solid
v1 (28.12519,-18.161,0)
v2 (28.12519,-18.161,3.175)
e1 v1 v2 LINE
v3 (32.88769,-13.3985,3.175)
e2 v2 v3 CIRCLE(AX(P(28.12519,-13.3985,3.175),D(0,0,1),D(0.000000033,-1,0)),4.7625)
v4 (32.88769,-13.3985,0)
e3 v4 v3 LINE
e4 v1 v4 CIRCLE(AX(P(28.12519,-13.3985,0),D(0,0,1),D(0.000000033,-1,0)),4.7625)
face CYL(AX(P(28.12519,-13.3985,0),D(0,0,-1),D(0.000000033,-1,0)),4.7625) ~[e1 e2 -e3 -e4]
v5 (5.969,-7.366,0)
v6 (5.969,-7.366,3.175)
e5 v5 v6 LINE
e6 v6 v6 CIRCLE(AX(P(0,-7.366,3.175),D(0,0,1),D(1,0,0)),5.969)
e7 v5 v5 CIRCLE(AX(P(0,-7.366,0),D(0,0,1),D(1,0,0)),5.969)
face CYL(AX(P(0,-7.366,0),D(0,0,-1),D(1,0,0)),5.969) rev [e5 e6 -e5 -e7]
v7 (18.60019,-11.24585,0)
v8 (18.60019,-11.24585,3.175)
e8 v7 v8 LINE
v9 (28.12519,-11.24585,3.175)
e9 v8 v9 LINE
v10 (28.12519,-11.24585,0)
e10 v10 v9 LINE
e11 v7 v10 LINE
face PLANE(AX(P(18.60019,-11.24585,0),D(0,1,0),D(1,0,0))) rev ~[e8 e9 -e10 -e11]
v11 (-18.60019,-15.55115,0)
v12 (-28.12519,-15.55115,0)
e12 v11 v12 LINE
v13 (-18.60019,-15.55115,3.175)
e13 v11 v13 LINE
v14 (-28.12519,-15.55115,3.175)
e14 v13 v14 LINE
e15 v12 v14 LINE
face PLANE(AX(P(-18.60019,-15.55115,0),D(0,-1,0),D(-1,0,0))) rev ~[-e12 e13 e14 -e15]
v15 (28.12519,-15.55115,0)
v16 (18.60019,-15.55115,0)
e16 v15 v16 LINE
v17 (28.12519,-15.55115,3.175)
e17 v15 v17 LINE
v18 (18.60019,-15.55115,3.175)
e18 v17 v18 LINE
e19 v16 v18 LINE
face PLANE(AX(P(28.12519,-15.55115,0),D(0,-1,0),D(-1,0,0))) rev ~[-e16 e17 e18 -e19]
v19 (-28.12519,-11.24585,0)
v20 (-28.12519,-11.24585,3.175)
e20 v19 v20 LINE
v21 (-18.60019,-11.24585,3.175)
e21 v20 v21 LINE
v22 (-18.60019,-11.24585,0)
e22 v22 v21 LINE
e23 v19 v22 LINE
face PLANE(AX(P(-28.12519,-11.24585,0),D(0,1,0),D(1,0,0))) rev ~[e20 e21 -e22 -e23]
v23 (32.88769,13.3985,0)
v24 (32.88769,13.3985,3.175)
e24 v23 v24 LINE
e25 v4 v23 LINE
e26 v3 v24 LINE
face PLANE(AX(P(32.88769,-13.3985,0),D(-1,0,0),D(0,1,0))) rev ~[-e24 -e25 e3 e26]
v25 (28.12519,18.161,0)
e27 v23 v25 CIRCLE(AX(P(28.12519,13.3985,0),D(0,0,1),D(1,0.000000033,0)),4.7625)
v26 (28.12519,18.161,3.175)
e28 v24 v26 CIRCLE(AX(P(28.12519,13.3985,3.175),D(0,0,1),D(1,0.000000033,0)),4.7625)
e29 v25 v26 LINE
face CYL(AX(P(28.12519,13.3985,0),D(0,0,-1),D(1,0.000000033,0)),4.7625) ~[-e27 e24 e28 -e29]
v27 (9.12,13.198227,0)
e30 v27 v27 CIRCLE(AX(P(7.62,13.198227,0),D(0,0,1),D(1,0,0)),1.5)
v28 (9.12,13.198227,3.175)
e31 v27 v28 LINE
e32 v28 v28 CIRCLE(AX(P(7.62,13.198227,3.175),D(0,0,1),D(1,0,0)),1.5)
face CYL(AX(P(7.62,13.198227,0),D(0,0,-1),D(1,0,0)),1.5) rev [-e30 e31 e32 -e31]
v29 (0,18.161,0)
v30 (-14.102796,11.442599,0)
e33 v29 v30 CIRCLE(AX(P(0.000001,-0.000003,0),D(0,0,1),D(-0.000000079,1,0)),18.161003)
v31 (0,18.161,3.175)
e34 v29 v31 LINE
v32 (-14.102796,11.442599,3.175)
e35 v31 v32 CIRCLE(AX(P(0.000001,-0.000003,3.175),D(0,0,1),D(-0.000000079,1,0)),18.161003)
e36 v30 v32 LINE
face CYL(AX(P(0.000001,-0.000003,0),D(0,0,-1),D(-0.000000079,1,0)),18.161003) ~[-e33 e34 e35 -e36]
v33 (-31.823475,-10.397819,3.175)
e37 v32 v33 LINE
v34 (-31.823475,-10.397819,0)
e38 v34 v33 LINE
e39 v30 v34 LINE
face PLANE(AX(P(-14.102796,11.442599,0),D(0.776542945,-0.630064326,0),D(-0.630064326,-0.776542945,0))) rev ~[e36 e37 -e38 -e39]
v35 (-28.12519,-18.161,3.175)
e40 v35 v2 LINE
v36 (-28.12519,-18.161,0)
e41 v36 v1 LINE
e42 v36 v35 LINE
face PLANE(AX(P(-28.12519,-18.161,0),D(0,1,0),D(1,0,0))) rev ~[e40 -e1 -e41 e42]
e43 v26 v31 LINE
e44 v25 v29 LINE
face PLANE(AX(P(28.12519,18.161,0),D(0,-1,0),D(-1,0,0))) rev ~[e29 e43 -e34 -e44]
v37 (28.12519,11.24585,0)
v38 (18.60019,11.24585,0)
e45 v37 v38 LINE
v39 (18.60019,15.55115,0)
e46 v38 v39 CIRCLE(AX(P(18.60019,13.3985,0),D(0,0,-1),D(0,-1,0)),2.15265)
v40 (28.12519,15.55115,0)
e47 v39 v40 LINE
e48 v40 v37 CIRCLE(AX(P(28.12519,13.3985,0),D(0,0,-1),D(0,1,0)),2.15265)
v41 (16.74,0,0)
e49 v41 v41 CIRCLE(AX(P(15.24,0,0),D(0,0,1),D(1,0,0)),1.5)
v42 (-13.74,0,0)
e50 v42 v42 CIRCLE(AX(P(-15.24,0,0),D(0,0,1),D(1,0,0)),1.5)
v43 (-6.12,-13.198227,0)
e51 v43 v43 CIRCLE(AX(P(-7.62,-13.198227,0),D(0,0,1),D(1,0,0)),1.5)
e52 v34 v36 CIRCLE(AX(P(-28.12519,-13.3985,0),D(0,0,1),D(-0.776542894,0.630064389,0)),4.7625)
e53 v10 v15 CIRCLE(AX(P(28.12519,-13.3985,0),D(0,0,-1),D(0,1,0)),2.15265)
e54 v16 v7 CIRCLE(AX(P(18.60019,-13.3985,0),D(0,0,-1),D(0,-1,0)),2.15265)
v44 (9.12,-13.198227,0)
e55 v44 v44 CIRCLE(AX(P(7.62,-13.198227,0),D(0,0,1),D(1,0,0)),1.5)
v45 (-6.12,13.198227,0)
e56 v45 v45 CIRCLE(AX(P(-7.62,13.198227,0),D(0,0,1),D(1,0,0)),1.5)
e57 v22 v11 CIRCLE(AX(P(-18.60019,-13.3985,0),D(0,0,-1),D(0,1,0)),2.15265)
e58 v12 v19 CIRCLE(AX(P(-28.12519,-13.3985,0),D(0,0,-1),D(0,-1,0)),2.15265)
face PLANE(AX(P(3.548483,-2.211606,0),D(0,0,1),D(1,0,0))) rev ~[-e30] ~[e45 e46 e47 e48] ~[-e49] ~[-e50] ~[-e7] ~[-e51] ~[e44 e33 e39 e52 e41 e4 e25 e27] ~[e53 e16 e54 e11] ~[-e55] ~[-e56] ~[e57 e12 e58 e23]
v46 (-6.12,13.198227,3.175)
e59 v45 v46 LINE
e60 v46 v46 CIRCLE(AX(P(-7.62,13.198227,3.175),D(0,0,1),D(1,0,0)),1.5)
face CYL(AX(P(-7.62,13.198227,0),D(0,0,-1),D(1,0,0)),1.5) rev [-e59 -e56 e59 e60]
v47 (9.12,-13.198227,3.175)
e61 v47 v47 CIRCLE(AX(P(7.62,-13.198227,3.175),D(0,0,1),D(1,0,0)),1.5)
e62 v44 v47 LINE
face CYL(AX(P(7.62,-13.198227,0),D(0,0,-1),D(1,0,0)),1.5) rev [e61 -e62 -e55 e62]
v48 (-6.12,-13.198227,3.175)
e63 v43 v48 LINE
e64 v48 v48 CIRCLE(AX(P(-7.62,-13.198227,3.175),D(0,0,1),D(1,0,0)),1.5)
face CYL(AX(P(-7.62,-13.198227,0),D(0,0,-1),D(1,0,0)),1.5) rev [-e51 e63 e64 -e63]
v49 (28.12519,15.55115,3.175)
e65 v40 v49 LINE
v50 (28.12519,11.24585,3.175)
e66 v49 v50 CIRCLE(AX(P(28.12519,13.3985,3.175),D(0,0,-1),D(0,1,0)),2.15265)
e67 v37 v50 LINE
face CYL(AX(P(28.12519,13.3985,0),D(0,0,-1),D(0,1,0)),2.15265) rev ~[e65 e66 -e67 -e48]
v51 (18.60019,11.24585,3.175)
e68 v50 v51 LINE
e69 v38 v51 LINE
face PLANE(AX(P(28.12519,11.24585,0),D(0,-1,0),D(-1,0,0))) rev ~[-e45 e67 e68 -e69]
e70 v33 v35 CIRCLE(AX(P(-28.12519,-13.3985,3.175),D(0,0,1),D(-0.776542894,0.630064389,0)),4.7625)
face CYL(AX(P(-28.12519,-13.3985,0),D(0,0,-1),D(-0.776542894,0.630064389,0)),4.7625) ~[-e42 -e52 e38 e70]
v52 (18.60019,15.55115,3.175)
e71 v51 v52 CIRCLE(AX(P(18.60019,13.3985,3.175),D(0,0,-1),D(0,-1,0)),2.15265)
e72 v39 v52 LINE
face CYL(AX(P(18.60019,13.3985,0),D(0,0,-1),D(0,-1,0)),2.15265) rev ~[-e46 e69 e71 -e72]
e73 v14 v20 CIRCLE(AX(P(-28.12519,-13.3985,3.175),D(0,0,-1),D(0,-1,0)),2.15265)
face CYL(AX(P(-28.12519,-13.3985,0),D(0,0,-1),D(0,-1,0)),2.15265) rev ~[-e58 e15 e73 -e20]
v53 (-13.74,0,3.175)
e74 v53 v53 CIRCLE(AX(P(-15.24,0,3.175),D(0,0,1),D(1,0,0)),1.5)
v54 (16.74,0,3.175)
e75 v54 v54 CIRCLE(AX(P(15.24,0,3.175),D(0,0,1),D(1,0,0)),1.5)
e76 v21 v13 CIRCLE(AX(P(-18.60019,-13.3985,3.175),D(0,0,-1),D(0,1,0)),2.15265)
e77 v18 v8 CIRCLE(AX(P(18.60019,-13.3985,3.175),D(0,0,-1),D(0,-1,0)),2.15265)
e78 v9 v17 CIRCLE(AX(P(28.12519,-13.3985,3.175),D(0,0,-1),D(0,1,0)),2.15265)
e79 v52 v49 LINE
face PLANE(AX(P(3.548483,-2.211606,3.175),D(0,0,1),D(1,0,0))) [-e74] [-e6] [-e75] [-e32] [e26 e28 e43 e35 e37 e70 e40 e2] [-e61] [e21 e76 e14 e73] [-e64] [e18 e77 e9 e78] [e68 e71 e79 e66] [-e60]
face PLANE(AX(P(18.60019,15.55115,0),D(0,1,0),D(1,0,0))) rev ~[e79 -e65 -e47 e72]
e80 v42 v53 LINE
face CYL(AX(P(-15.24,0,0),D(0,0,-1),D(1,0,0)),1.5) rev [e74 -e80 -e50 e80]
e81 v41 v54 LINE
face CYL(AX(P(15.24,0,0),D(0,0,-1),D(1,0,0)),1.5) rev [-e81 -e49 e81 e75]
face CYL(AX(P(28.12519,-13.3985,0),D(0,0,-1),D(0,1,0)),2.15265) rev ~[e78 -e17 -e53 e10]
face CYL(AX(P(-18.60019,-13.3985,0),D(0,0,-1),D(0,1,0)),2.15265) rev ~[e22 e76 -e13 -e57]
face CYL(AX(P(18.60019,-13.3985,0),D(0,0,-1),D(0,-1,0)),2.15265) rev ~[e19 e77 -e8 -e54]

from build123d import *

# Parameters (mm, degrees)
F0_R     = 1.5
F0_R_2   = 5.969
F1_DEPTH = 3.175


with BuildPart() as f1:
    # F0 (on Top) → F1 (new body)
    with BuildSketch(Plane.XY):
        with BuildLine():
            Line((28.12519, 18.161), (0, 18.161))
            ThreePointArc((0, 18.161), (-7.810662, 16.395593), (-14.102796, 11.442599))
            Line((-14.102796, 11.442599), (-31.823475, -10.397819))
            ThreePointArc((-31.823475, -10.397819), (-32.424733, -15.446751), (-28.12519, -18.161))
            Line((-28.12519, -18.161), (28.12519, -18.161))
            ThreePointArc((28.12519, -18.161), (31.492786, -16.766096), (32.88769, -13.3985))
            Line((32.88769, -13.3985), (32.88769, 13.3985))
            ThreePointArc((32.88769, 13.3985), (31.492786, 16.766096), (28.12519, 18.161))
        make_face()
        with BuildLine():
            ThreePointArc((-28.12519, -15.55115), (-30.27784, -13.3985), (-28.12519, -11.24585))
            Line((-28.12519, -11.24585), (-18.60019, -11.24585))
            ThreePointArc((-18.60019, -11.24585), (-16.44754, -13.3985), (-18.60019, -15.55115))
            Line((-18.60019, -15.55115), (-28.12519, -15.55115))
        make_face(mode=Mode.SUBTRACT)
        with Locations((-7.62, -13.198227)):
            Circle(F0_R, mode=Mode.SUBTRACT)
        with Locations((0, -7.366)):
            Circle(F0_R_2, mode=Mode.SUBTRACT)
        with Locations((7.62, -13.198227)):
            Circle(F0_R, mode=Mode.SUBTRACT)
        with BuildLine():
            ThreePointArc((28.12519, -11.24585), (30.27784, -13.3985), (28.12519, -15.55115))
            Line((28.12519, -15.55115), (18.60019, -15.55115))
            ThreePointArc((18.60019, -15.55115), (16.44754, -13.3985), (18.60019, -11.24585))
            Line((18.60019, -11.24585), (28.12519, -11.24585))
        make_face(mode=Mode.SUBTRACT)
        with Locations((-15.24, 0)):
            Circle(F0_R, mode=Mode.SUBTRACT)
        with Locations((-7.62, 13.198227)):
            Circle(F0_R, mode=Mode.SUBTRACT)
        with Locations((15.24, 0)):
            Circle(F0_R, mode=Mode.SUBTRACT)
        with Locations((7.62, 13.198227)):
            Circle(F0_R, mode=Mode.SUBTRACT)
        with BuildLine():
            ThreePointArc((28.12519, 15.55115), (30.27784, 13.3985), (28.12519, 11.24585))
            Line((28.12519, 11.24585), (18.60019, 11.24585))
            ThreePointArc((18.60019, 11.24585), (16.44754, 13.3985), (18.60019, 15.55115))
            Line((18.60019, 15.55115), (28.12519, 15.55115))
        make_face(mode=Mode.SUBTRACT)
    extrude(amount=F1_DEPTH)


solid = f1.part
